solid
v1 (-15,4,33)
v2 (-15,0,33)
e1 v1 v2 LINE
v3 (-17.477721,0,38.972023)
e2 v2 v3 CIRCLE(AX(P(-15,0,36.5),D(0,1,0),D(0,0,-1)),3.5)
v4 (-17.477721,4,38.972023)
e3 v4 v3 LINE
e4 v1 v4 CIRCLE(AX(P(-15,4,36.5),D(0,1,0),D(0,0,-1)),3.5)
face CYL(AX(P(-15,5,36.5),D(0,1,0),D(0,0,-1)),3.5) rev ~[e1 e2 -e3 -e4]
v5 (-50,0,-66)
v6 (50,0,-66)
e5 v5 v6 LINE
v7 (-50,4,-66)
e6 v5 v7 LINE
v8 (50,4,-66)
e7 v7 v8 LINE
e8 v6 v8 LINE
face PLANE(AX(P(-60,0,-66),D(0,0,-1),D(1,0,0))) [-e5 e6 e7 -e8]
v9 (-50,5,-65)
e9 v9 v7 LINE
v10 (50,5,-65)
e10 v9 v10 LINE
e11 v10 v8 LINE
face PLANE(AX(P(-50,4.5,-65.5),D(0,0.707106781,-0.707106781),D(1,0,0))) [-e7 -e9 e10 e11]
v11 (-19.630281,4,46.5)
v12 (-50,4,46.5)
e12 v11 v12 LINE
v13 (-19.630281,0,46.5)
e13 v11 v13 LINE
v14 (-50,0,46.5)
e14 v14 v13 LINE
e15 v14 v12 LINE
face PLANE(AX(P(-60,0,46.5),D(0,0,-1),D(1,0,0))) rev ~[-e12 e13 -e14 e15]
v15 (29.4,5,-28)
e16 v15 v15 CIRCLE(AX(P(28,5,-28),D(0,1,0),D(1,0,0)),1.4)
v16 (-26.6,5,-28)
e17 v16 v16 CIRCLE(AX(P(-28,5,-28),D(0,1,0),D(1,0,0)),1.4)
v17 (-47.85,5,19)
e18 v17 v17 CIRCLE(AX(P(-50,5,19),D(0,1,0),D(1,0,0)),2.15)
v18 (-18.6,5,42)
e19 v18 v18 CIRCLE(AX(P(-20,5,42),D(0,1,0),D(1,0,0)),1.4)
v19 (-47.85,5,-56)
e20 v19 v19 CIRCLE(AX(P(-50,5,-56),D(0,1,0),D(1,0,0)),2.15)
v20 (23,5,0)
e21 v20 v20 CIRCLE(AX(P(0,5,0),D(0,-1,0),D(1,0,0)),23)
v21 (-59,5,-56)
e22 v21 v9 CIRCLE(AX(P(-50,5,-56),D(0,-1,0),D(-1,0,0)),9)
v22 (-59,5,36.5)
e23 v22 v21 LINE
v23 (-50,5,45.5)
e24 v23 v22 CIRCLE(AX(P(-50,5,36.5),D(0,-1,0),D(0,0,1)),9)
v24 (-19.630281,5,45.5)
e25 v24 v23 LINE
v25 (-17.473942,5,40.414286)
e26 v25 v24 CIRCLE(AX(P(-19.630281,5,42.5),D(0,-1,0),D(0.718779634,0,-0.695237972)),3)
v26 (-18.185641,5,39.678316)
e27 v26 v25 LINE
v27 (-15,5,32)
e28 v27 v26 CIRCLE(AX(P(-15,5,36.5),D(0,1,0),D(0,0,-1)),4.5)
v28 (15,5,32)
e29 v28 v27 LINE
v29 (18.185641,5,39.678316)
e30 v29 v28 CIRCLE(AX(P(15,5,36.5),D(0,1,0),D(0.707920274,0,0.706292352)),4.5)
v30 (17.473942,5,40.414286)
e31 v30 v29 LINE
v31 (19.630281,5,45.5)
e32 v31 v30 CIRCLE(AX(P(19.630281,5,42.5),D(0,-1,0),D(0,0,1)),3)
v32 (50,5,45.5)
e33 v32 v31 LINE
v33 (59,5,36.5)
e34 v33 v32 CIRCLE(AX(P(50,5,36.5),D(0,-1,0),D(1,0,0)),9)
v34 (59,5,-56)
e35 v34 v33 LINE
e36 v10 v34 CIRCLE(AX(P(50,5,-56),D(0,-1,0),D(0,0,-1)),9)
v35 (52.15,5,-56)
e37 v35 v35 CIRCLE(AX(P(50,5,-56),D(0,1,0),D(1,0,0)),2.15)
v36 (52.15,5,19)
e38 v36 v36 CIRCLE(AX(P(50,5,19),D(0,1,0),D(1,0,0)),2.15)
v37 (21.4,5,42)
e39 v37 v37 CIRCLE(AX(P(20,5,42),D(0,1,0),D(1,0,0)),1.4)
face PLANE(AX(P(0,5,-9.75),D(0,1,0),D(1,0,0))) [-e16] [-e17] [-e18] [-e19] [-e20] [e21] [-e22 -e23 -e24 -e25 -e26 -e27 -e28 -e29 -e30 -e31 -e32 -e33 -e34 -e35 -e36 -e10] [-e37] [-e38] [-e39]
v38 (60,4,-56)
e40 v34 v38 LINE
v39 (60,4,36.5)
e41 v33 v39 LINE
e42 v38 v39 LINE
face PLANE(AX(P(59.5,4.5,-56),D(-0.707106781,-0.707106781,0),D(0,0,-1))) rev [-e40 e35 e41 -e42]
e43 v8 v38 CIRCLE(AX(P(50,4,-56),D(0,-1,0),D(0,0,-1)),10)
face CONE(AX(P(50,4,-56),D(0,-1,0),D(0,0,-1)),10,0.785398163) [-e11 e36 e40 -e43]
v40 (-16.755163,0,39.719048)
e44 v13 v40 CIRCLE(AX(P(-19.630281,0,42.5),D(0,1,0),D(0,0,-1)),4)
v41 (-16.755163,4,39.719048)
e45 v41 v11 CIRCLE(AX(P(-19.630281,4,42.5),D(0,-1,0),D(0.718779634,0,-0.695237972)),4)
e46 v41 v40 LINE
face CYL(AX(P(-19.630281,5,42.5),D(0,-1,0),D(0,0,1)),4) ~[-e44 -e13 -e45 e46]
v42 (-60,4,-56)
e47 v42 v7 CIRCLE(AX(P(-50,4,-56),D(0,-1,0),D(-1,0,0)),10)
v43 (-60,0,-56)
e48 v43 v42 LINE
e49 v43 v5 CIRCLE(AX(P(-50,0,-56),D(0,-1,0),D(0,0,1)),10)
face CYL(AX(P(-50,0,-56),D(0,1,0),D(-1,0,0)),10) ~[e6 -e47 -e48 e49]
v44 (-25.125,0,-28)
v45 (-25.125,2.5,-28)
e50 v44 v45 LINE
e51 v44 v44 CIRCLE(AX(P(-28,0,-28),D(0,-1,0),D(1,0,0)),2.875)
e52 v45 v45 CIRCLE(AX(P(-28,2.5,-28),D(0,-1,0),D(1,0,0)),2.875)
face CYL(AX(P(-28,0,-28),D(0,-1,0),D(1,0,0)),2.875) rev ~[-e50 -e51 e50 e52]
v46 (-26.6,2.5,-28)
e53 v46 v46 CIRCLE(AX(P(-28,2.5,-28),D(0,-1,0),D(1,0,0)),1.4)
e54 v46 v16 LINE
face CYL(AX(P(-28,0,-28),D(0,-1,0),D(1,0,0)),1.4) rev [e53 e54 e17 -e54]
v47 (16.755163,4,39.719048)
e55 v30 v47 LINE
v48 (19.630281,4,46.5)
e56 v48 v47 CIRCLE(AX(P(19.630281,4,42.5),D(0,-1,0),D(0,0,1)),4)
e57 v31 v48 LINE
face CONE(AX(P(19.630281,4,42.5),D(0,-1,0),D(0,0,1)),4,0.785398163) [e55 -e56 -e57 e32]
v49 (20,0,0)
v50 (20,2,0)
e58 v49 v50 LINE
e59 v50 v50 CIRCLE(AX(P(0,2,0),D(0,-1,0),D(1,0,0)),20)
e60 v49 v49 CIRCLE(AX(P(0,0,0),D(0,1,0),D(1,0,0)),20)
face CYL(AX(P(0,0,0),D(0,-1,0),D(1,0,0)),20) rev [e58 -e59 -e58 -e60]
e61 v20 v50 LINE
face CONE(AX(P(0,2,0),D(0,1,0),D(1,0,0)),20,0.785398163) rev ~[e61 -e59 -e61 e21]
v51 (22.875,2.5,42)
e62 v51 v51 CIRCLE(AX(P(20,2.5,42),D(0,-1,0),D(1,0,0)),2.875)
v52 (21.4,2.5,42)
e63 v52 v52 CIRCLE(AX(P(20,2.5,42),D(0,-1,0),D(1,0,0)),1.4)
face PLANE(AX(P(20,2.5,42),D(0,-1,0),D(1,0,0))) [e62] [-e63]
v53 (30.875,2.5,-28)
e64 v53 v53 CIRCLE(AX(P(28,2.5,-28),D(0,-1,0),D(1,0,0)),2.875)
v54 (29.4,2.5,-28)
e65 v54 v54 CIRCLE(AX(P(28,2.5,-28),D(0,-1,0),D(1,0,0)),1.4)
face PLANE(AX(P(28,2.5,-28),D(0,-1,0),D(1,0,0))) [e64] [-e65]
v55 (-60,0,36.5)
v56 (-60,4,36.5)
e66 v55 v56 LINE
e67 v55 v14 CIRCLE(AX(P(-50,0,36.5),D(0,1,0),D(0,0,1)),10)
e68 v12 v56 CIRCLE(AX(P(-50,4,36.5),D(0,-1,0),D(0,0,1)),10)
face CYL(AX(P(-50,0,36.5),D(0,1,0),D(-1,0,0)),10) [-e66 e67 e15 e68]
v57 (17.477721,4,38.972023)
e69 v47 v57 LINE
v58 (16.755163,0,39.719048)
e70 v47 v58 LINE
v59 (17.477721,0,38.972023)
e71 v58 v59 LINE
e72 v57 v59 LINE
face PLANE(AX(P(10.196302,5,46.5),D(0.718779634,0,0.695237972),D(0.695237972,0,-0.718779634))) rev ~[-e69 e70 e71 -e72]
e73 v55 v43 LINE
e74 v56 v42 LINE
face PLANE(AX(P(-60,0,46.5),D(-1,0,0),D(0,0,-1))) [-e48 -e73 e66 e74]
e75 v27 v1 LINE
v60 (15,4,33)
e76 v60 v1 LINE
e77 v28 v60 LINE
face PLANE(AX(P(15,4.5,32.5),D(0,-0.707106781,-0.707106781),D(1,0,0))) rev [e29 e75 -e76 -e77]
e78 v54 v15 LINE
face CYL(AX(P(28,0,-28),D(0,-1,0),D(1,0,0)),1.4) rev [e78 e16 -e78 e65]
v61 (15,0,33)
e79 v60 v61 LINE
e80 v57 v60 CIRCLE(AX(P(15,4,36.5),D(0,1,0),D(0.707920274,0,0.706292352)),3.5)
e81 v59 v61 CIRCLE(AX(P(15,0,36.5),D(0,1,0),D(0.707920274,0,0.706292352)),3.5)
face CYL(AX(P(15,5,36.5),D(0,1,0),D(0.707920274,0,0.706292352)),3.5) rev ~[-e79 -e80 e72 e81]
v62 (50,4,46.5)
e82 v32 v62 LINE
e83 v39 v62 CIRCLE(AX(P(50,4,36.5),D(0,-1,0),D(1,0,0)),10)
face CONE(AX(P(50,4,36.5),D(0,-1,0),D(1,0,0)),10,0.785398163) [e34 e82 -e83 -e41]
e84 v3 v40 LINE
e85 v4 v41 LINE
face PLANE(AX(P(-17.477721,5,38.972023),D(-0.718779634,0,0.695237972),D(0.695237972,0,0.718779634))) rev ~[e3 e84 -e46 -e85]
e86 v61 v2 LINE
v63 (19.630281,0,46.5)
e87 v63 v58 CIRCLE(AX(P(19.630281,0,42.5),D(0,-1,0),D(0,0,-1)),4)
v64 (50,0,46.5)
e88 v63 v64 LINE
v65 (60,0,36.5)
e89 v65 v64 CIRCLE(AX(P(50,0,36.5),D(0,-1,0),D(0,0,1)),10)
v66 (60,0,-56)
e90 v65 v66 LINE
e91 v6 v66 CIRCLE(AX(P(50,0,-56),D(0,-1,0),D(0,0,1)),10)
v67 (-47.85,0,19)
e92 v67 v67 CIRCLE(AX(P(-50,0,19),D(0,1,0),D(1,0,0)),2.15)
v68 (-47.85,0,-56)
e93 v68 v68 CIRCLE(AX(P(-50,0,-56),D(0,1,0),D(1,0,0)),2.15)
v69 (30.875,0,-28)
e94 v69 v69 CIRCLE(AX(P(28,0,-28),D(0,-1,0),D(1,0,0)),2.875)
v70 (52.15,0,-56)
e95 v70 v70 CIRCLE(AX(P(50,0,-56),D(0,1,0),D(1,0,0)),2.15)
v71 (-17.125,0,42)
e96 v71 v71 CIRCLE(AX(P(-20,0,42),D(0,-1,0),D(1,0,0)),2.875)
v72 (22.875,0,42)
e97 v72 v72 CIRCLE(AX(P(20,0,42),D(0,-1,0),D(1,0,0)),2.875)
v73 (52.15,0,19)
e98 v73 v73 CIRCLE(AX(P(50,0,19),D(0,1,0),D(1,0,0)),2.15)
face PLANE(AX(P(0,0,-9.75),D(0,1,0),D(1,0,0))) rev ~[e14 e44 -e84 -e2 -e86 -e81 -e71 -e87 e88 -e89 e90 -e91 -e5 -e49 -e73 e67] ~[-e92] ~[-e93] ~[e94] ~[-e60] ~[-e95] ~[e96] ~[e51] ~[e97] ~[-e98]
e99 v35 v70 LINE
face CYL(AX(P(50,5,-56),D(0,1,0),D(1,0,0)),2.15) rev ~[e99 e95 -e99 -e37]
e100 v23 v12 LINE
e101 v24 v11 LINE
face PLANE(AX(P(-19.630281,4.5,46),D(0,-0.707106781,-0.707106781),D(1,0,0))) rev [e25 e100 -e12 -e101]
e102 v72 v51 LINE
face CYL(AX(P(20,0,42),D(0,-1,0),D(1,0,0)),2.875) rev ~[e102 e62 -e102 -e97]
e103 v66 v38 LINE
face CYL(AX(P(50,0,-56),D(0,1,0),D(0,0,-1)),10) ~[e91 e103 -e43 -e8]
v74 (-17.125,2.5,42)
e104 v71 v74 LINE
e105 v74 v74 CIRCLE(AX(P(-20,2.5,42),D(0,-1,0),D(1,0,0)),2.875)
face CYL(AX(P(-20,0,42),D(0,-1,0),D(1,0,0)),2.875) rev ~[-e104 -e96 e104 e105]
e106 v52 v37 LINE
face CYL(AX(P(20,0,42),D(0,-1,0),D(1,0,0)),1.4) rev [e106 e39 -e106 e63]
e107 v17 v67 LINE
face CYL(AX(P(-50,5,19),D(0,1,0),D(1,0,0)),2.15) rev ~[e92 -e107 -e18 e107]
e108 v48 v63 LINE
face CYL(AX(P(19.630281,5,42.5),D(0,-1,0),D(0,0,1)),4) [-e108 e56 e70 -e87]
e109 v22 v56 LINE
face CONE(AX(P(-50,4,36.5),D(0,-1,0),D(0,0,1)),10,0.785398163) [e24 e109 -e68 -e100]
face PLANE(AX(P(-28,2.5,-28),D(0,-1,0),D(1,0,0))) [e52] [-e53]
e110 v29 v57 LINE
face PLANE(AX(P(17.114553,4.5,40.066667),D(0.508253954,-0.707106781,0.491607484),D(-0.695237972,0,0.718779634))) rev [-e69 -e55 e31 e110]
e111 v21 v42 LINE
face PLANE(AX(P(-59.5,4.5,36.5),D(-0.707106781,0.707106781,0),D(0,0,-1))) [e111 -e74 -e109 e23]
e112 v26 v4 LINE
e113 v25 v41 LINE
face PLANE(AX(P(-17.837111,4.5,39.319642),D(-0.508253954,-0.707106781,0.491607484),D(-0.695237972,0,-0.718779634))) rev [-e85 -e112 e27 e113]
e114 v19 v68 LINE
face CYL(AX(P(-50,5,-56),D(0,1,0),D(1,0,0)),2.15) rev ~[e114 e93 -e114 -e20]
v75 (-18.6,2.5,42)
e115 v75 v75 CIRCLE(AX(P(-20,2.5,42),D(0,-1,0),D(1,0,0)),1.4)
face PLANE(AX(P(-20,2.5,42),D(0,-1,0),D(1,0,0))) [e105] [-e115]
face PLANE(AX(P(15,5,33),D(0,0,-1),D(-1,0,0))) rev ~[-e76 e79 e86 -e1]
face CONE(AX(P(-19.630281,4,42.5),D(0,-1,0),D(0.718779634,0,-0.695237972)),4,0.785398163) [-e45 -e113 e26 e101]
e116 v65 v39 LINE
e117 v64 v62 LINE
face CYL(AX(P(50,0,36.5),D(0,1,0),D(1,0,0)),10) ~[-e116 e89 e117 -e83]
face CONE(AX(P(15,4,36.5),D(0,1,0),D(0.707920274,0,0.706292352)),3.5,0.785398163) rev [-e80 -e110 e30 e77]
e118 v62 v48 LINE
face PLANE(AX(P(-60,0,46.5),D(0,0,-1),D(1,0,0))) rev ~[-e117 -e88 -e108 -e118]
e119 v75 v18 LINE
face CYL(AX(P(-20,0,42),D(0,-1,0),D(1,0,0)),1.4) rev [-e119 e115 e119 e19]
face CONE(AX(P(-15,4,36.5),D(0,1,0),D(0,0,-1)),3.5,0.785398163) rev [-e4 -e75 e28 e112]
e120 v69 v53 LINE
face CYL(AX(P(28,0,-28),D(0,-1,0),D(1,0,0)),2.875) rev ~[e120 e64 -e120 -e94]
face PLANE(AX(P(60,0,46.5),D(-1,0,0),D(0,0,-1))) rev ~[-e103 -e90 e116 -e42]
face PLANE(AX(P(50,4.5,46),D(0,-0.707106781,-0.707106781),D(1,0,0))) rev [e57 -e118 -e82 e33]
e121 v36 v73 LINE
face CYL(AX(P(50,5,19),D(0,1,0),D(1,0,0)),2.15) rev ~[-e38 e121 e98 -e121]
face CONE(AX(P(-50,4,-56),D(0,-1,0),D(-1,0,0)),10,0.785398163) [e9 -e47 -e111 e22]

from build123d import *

# Parameters (mm, degrees)
SKETCH2_W           = 120
SKETCH2_H           = 112.5
BOSS_EXTRUDE2_DEPTH = 5
CUT_EXTRUDE7_DEPTH  = 6
FILLET5_R           = 10
SKETCH10_R          = 20
CUT_EXTRUDE9_DEPTH  = 6
CHAMFER3_SIZE       = 3
FILLET6_R           = 4
CHAMFER4_SIZE       = 1
SKETCH11_R          = 2.15
CUT_EXTRUDE10_DEPTH = 6
SKETCH1_R           = 1.4
CUT_EXTRUDE13_DEPTH = 5
SKETCH13_R          = 2.875
CUT_EXTRUDE12_DEPTH = 2.5


with BuildPart() as part:
    # Sketch2 → Boss-Extrude2 (new body)
    with BuildSketch(Plane(origin=(0, 0, 0), x_dir=(1, 0, 0), z_dir=(0, 1, 0))):
        with Locations((0, 9.75)):
            Rectangle(SKETCH2_W, SKETCH2_H)
    extrude(amount=BOSS_EXTRUDE2_DEPTH)

    # Sketch9 → Cut-Extrude7 (cut, through all)
    with BuildSketch(Plane(origin=(0, 5, 0), x_dir=(1, 0, 0), z_dir=(0, 1, 0))):
        with BuildLine():
            ThreePointArc((-15, -33), (-18.232806931, -35.158747099), (-17.477720957, -38.972023232))
            Line((-17.477720957, -38.972023232), (-10.196302495, -46.5))
            Line((-10.196302495, -46.5), (10.196302495, -46.5))
            Line((10.196302495, -46.5), (17.477720957, -38.972023232))
            ThreePointArc((17.477720957, -38.972023232), (18.232806931, -35.158747099), (15, -33))
            Line((15, -33), (-15, -33))
        make_face()
    extrude(amount=-CUT_EXTRUDE7_DEPTH, mode=Mode.SUBTRACT)

    # Fillet5
    fillet5_edges = [part.edges().sort_by_distance(p)[0] for p in [
        (-60, 2.5, -66),
        (60, 2.5, -66),
        (60, 2.5, 46.5),
        (-60, 2.5, 46.5),
    ]]
    fillet(fillet5_edges, radius=FILLET5_R)

    # Sketch10 → Cut-Extrude9 (cut, through all)
    with BuildSketch(Plane(origin=(0, 0, 0), x_dir=(1, 0, 0), z_dir=(0, 1, 0))):
        Circle(SKETCH10_R)
    extrude(amount=CUT_EXTRUDE9_DEPTH, mode=Mode.SUBTRACT)

    # Chamfer3
    chamfer3_edges = [part.edges().sort_by_distance(p)[0] for p in [
        (-20, 5, 0),
    ]]
    chamfer(chamfer3_edges, length=CHAMFER3_SIZE)

    # Fillet6
    fillet6_edges = [part.edges().sort_by_distance(p)[0] for p in [
        (10.196302495, 2.5, 46.5),
        (-10.196302495, 2.5, 46.5),
    ]]
    fillet(fillet6_edges, radius=FILLET6_R)

    # Chamfer4
    chamfer4_edges = [part.edges().sort_by_distance(p)[0] for p in [
        (18.232806931, 5, 35.158747099),
        (17.116441895, 5, 39.345535673),
        (-18.232806931, 5, 35.158747099),
        (0, 5, 33),
        (-17.116441895, 5, 39.345535673),
        (-60, 5, -9.75),
        (0, 5, -66),
        (60, 5, -9.75),
        (-34.815140686, 5, 46.5),
        (-57.071067812, 5, 43.571067812),
        (57.071067812, 5, 43.571067812),
        (57.071067812, 5, -63.071067812),
        (-57.071067812, 5, -63.071067812),
        (34.815140686, 5, 46.5),
        (15.947632356, 5, 44.061440433),
        (-15.947632356, 5, 44.061440433),
    ]]
    chamfer(chamfer4_edges, length=CHAMFER4_SIZE)

    # Sketch11 → Cut-Extrude10 (cut, through all)
    with BuildSketch(Plane(origin=(0, 5, 0), x_dir=(1, 0, 0), z_dir=(0, 1, 0))):
        with Locations((-50, 56)):
            Circle(SKETCH11_R)
        with Locations((50, 56)):
            Circle(SKETCH11_R)
        with Locations((-50, -19)):
            Circle(SKETCH11_R)
        with Locations((50, -19)):
            Circle(SKETCH11_R)
    extrude(amount=-CUT_EXTRUDE10_DEPTH, mode=Mode.SUBTRACT)

    # Sketch1 → Cut-Extrude13 (cut)
    with BuildSketch(Plane(origin=(0, 0, 0), x_dir=(1, 0, 0), z_dir=(0, 1, 0))):
        with Locations((-20, -42)):
            Circle(SKETCH1_R)
        with Locations((20, -42)):
            Circle(SKETCH1_R)
        with Locations((28, 28)):
            Circle(SKETCH1_R)
        with Locations((-28, 28)):
            Circle(SKETCH1_R)
    extrude(amount=CUT_EXTRUDE13_DEPTH, mode=Mode.SUBTRACT)

    # Sketch13 → Cut-Extrude12 (cut)
    with BuildSketch(Plane.XZ):
        with Locations((-20, 42)):
            Circle(SKETCH13_R)
        with Locations((20, 42)):
            Circle(SKETCH13_R)
        with Locations((-28, -28)):
            Circle(SKETCH13_R)
        with Locations((28, -28)):
            Circle(SKETCH13_R)
    extrude(amount=-CUT_EXTRUDE12_DEPTH, mode=Mode.SUBTRACT)


solid = part.part
